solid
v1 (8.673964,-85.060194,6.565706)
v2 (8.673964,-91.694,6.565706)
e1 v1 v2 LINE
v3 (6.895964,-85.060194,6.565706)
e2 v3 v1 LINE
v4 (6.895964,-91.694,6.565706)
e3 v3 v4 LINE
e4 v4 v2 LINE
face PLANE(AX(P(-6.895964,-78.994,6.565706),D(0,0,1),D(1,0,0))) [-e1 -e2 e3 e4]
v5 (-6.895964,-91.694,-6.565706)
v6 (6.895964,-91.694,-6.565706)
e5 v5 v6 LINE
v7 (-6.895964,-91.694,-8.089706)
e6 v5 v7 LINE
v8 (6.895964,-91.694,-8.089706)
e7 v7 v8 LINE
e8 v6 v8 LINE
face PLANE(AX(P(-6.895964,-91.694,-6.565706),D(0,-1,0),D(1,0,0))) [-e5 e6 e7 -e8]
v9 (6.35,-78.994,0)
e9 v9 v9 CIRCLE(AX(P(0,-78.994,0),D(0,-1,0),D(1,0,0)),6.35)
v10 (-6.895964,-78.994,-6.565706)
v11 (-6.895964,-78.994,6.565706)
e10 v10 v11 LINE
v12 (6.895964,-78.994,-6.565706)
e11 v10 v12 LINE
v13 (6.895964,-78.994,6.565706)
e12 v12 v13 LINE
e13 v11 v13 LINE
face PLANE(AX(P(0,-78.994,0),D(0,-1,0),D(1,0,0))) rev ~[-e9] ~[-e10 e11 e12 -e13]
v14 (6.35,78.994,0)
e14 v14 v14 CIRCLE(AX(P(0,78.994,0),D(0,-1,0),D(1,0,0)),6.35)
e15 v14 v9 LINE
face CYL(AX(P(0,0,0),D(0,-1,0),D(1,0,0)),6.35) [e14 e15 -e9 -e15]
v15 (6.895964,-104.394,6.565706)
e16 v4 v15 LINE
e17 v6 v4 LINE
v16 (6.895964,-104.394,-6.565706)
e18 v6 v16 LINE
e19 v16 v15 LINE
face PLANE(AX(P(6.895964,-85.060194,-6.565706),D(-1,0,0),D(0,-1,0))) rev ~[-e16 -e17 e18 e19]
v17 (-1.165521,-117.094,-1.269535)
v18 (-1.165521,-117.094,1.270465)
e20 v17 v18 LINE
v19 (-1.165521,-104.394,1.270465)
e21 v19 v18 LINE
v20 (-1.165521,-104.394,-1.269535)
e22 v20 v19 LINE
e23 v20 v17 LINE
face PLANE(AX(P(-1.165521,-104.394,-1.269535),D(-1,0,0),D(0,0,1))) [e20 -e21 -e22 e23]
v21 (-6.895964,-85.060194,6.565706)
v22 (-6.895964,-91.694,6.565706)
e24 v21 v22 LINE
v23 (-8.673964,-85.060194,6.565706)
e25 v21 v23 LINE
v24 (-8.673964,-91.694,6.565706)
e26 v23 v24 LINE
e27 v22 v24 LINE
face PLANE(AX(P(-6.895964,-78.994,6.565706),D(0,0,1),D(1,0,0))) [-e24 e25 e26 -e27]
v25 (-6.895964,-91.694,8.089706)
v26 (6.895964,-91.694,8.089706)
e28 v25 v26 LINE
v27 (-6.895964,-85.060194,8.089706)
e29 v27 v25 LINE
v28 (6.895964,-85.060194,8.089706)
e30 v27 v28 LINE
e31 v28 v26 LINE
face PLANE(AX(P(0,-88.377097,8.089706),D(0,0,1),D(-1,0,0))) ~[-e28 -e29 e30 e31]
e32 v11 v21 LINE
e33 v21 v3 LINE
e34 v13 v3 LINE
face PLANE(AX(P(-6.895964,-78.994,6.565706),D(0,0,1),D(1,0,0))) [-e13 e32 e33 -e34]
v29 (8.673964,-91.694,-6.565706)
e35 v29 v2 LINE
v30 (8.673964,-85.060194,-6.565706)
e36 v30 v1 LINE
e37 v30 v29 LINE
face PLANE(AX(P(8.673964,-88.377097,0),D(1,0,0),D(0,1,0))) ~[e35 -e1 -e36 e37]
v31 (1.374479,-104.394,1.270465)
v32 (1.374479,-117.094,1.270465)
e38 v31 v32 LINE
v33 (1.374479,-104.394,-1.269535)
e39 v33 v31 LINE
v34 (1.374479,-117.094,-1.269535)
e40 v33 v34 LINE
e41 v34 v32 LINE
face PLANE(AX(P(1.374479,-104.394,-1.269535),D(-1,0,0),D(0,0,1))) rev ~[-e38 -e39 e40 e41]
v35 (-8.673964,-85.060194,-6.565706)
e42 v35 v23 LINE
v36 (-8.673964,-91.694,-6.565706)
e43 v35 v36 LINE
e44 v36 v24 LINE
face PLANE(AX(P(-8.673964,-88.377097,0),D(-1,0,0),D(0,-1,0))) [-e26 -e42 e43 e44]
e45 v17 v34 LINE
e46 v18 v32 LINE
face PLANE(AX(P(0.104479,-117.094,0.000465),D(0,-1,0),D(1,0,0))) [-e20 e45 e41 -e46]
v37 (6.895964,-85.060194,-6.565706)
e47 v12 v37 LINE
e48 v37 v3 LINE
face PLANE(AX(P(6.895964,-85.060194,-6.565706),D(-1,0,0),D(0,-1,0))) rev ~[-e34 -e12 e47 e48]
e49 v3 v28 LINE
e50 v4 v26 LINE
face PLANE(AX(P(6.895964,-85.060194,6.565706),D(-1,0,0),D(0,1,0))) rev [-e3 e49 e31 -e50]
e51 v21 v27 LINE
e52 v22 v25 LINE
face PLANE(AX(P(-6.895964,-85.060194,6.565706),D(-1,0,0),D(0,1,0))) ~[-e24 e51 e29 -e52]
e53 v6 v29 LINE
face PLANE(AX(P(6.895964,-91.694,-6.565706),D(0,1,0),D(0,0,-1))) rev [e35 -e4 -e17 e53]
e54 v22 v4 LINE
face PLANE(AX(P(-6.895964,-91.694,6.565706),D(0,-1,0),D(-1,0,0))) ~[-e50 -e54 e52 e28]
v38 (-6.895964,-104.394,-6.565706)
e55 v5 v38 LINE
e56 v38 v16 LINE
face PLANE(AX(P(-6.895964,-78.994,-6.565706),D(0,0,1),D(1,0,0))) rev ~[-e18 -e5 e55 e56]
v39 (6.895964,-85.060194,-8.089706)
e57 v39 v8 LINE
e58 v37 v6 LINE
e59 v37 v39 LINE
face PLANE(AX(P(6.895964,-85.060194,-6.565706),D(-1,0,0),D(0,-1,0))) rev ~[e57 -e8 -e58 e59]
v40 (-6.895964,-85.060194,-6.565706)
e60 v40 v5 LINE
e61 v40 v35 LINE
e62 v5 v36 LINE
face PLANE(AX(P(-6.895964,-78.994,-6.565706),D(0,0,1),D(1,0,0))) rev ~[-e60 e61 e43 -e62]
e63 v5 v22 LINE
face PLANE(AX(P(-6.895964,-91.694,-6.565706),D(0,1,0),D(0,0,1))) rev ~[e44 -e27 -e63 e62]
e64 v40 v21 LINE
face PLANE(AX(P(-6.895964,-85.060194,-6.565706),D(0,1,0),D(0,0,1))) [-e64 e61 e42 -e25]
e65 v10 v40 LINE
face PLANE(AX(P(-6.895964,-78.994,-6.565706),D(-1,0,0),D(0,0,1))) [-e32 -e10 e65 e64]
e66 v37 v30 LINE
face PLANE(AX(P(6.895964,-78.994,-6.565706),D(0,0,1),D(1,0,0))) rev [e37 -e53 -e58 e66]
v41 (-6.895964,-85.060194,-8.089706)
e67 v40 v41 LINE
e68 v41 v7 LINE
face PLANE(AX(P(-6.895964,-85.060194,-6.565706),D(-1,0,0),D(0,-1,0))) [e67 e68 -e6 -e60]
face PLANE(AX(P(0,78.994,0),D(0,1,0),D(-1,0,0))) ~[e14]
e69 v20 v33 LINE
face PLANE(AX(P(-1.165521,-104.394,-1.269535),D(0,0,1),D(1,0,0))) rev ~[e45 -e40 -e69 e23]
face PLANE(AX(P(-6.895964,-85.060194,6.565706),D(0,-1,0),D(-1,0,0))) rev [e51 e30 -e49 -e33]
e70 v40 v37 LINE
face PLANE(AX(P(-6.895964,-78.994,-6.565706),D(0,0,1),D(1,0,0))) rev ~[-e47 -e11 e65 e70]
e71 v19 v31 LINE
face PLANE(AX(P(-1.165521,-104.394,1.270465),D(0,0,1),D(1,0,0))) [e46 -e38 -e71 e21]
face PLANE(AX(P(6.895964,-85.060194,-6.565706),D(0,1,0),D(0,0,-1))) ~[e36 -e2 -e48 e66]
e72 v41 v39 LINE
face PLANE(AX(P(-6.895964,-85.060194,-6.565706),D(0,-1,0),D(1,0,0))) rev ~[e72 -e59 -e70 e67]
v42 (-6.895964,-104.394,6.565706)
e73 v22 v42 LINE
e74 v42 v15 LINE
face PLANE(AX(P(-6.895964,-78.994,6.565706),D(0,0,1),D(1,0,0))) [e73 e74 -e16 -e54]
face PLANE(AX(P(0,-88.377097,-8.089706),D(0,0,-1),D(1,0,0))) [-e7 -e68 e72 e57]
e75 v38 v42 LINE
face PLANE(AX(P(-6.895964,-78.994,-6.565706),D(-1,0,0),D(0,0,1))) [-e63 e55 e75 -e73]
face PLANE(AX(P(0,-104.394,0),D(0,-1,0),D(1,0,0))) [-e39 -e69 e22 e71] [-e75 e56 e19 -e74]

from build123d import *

# Parameters (mm, degrees)
F0_R      = 6.35
F1_DEPTH  = 78.994
F3_W      = 13.791928
F3_H      = 13.131412
F4_DEPTH  = 25.4
F5_W      = 6.633806
F5_H      = 13.131412
F6_DEPTH  = 1.778
F7_W      = 13.791928
F7_H      = 6.633806
F8_DEPTH  = 1.524
F11_W     = 2.54
F11_H     = 2.54
F12_DEPTH = 12.7


with BuildPart() as f1:
    # F0 (on Front) → F1 (new body)
    with BuildSketch(Plane.XZ):
        Circle(F0_R)
    extrude(amount=F1_DEPTH)

    # F2: F1 across plane


with BuildPart() as f1_1:
    add(f1.part)
    add(f1.part.mirror(Plane.XZ))

    # F3 (on face) → F4 (join)
    with BuildSketch(Plane.XZ.offset(78.994)):
        Rectangle(F3_W, F3_H)
    extrude(amount=F4_DEPTH)

    # F5 (on face) → F6 (join)
    with BuildSketch(Plane(origin=(-6.895964, 0, 0), x_dir=(0, -1, 0), z_dir=(-1, 0, 0))):
        with Locations((88.377097, 0)):
            Rectangle(F5_W, F5_H)
    extrude(amount=F6_DEPTH)

    # F7 (on face) → F8 (join)
    with BuildSketch(Plane(origin=(0, 0, -6.565706), x_dir=(1, 0, 0), z_dir=(0, 0, -1))):
        with Locations((0, 88.377097)):
            Rectangle(F7_W, F7_H)
    extrude(amount=F8_DEPTH)

    # F9: F1 across plane


with BuildPart() as f1_2:
    add(f1_1.part)
    add(f1_1.part.mirror(Plane.YZ))

    # F10: F1 across plane


with BuildPart() as f1_3:
    add(f1_2.part)
    add(f1_2.part.mirror(Plane.XY))

    # F11 (on face) → F12 (join)
    with BuildSketch(Plane.XZ.offset(104.394)):
        with Locations((0.104479, 0.000465)):
            Rectangle(F11_W, F11_H)
    extrude(amount=F12_DEPTH)


solid = f1_3.part
